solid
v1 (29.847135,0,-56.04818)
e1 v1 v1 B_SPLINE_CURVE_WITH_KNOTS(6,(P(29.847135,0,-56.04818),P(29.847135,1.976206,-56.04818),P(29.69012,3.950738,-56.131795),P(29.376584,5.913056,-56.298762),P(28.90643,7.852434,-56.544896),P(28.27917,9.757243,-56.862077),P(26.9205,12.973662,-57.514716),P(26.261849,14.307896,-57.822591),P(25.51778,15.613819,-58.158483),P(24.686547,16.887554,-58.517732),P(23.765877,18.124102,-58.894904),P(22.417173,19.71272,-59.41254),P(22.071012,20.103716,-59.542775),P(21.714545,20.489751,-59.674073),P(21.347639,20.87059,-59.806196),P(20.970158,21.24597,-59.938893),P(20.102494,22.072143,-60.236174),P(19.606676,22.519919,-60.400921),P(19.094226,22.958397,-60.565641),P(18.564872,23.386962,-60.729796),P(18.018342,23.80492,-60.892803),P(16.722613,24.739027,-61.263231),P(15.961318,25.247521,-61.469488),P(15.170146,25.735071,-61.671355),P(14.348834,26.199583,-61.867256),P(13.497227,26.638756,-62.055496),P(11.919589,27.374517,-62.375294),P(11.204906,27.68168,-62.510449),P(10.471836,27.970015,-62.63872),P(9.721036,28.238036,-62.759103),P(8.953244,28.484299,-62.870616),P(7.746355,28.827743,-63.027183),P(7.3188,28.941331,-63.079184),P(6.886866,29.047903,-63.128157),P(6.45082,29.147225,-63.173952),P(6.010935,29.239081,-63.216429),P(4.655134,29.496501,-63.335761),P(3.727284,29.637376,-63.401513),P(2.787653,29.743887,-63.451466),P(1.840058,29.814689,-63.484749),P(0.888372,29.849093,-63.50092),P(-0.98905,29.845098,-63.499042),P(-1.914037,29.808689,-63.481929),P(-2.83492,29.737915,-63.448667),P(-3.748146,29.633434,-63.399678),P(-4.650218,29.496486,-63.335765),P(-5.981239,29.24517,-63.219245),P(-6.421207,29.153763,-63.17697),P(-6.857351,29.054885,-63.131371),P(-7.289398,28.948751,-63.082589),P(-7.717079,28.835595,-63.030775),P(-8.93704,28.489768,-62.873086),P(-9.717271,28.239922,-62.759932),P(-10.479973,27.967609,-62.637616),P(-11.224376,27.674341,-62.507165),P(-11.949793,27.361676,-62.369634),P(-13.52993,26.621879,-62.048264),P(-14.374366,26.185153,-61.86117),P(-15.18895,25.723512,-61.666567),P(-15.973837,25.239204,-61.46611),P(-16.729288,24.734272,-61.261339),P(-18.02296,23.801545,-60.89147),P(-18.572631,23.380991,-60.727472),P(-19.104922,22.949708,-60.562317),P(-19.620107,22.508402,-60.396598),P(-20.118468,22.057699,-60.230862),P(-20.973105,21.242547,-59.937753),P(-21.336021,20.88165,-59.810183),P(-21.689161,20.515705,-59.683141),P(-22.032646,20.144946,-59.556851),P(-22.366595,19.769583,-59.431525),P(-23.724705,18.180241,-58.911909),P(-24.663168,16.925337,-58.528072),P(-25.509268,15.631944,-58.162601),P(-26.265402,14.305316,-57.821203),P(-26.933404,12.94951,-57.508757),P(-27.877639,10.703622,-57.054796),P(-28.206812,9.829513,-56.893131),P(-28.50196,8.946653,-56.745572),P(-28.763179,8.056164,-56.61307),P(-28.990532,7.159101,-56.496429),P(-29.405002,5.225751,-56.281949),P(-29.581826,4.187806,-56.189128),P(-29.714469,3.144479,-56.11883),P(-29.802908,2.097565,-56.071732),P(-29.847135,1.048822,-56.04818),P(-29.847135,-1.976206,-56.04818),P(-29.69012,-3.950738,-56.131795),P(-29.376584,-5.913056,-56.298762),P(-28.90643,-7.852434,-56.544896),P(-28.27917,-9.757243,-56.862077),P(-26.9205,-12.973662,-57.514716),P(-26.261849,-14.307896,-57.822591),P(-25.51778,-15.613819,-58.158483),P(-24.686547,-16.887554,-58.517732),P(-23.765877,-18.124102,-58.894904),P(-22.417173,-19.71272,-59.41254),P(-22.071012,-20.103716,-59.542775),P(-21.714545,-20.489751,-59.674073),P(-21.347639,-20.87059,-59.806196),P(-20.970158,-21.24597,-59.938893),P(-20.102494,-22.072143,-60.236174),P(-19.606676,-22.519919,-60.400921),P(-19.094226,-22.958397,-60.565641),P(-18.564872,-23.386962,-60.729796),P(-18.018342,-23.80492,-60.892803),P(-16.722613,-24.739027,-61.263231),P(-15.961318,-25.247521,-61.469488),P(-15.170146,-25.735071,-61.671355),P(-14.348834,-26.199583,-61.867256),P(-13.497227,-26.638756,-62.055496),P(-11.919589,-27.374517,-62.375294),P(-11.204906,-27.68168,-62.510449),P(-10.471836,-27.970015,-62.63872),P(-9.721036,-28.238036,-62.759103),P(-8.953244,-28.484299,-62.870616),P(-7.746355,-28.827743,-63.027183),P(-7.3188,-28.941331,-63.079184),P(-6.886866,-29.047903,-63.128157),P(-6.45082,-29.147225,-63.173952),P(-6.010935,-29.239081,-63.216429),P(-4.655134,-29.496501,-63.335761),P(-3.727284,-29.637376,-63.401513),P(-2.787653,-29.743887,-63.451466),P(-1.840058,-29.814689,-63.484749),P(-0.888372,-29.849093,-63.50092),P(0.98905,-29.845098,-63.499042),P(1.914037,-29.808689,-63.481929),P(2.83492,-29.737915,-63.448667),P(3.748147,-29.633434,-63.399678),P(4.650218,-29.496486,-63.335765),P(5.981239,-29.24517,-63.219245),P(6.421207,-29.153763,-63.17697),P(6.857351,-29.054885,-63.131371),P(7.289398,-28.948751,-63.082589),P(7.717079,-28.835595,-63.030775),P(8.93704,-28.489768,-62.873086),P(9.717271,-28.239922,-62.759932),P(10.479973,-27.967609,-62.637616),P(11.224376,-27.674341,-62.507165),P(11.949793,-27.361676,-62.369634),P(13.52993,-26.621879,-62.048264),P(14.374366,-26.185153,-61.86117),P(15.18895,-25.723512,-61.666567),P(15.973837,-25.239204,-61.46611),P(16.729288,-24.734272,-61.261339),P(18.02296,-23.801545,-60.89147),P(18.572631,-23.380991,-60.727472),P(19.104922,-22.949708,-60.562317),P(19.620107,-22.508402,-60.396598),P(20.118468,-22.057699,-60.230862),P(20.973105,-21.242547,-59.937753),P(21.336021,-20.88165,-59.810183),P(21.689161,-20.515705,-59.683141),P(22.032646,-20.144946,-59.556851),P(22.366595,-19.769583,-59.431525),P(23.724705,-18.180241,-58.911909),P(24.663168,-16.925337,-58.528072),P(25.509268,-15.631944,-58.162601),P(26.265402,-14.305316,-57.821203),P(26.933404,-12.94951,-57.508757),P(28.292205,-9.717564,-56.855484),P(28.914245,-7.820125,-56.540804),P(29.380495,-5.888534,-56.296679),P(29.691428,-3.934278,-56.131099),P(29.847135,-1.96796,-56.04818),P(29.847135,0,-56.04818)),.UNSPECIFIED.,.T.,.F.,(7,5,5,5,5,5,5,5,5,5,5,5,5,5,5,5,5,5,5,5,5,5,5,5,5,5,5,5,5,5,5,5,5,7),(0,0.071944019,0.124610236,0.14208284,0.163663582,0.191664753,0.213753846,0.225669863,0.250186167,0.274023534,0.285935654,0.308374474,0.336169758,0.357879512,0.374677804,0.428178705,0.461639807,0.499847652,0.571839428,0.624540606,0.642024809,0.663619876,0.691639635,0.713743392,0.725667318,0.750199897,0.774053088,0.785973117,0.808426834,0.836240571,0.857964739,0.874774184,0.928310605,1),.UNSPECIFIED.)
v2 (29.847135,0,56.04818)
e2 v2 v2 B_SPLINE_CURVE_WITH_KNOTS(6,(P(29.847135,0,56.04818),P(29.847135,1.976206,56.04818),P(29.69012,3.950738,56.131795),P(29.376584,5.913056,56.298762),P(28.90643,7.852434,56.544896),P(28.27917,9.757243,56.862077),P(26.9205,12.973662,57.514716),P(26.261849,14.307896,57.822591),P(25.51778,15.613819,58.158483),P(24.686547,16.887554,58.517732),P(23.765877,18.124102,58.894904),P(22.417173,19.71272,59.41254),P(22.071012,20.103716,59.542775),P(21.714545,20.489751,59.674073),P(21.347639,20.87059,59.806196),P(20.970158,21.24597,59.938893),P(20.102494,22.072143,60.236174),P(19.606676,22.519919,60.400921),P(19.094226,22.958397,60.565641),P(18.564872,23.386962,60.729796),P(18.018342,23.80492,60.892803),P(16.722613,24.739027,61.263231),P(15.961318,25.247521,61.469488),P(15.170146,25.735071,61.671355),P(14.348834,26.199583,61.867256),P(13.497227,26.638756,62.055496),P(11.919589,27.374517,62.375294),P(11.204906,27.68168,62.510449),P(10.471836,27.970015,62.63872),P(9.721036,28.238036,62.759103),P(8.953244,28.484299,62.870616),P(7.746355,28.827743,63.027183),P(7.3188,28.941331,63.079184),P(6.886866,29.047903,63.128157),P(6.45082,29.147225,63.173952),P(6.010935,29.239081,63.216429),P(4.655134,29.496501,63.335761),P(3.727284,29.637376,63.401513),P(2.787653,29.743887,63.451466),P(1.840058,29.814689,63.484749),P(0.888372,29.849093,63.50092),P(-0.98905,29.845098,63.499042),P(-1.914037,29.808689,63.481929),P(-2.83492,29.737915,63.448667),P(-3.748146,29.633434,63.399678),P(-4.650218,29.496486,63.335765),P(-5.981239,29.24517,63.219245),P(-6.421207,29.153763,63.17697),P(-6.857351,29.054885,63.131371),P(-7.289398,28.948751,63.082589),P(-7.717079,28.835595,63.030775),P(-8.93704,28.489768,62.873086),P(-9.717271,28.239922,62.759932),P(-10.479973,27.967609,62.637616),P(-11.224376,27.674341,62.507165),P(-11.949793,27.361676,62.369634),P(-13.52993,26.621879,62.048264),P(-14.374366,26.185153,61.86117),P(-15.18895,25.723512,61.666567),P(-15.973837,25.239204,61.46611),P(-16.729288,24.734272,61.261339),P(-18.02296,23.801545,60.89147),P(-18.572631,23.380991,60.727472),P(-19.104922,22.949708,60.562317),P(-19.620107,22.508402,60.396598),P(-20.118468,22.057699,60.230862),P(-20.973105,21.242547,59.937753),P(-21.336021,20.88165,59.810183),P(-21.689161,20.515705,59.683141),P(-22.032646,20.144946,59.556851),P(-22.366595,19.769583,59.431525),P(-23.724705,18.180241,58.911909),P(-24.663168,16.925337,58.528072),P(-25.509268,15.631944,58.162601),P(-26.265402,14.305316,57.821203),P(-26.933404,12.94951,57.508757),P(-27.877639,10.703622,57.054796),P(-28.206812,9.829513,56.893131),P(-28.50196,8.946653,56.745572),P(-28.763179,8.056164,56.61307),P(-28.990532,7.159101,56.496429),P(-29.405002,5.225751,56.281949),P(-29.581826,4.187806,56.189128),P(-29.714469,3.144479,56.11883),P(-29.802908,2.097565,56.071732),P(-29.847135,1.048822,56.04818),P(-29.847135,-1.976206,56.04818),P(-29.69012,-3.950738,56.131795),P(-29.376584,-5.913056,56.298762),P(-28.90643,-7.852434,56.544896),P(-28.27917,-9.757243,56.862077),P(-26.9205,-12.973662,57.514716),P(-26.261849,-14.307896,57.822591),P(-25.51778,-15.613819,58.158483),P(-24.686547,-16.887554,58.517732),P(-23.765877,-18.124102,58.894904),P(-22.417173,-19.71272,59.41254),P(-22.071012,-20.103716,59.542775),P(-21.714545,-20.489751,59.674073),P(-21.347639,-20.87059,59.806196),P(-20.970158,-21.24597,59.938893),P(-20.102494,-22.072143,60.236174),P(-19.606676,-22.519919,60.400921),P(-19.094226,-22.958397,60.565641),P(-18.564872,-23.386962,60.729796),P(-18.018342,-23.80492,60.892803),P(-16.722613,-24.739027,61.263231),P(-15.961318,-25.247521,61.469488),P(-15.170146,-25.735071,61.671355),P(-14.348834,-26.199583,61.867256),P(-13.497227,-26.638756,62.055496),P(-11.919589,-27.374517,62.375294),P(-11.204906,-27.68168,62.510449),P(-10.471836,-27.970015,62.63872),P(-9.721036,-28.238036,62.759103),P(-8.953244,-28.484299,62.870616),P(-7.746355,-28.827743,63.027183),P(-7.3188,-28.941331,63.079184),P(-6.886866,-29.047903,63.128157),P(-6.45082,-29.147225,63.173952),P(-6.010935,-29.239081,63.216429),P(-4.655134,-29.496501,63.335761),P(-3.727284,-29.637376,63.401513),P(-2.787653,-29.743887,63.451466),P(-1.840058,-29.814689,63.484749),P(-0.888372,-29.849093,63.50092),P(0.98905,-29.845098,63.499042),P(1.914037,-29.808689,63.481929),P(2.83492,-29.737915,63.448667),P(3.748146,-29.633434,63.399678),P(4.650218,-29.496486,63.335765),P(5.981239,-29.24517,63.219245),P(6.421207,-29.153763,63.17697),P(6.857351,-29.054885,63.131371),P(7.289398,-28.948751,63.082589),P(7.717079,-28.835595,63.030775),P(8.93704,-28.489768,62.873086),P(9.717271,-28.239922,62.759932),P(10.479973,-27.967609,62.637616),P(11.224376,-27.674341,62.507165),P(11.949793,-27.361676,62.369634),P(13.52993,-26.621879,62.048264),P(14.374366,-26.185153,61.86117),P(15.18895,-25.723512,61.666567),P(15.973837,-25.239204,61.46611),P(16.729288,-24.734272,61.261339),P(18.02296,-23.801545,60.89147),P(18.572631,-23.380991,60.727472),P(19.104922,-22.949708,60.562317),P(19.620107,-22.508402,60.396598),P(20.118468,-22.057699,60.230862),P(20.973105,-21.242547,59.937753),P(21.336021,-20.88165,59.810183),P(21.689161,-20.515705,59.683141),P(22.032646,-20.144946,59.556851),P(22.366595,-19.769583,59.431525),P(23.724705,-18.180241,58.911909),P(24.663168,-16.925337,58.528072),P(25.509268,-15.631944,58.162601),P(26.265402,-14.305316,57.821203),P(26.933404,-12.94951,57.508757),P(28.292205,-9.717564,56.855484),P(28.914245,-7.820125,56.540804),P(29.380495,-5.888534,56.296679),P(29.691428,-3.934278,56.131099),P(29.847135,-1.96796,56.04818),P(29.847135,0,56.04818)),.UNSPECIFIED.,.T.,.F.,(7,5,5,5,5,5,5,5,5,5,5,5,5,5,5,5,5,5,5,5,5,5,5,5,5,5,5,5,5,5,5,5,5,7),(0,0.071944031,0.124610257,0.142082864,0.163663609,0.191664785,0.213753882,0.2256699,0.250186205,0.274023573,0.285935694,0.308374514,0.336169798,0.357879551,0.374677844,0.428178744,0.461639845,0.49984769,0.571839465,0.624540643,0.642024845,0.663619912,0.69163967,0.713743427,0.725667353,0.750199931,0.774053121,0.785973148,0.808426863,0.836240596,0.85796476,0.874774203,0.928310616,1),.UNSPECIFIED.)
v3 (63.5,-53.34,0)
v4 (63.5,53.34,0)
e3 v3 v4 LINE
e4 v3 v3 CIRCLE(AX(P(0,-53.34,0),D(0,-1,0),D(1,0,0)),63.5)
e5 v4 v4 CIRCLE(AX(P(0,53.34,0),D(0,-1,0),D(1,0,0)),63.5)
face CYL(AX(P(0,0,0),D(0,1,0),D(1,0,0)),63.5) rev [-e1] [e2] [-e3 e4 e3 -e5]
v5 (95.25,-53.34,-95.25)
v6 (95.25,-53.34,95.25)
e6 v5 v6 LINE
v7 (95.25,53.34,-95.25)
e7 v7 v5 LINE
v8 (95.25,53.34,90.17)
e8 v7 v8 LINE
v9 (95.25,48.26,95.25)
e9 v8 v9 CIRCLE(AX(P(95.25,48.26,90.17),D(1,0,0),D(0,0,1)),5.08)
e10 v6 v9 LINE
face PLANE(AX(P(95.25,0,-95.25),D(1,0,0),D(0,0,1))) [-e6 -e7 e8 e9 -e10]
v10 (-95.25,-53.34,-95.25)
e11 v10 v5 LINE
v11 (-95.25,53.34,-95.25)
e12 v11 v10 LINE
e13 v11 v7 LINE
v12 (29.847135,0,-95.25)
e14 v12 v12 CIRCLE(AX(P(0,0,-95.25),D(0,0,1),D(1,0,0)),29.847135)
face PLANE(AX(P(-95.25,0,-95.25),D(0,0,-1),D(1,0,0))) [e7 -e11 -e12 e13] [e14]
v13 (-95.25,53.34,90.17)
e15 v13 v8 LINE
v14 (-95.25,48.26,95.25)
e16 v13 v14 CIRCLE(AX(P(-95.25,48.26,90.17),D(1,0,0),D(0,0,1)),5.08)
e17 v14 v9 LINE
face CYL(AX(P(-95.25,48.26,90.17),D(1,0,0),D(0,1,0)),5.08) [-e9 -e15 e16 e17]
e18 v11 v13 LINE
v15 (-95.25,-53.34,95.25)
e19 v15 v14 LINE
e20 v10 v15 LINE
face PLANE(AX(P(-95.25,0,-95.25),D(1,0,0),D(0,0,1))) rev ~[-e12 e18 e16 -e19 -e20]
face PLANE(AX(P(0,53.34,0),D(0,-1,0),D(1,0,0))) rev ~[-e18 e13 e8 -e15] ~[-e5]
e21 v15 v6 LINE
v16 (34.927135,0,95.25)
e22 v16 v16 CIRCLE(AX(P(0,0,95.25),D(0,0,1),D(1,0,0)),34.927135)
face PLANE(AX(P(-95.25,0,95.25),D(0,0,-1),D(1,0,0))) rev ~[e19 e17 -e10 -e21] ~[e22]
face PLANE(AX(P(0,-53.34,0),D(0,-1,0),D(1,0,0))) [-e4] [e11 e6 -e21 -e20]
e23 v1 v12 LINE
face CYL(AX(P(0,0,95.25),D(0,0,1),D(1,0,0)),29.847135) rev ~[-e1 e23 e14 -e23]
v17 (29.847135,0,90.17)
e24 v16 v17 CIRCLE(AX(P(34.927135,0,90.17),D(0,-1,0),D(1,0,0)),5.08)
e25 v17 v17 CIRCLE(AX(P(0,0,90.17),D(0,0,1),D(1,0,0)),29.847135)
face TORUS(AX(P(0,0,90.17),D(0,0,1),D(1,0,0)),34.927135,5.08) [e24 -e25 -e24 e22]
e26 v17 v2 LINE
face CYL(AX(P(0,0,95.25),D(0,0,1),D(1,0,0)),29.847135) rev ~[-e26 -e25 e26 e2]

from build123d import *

# Parameters (mm, degrees)
F0_W     = 190.5
F0_H     = 190.5
F0_R     = 63.5
F1_DEPTH = 53.34
F2_R     = 29.847135
F3_DEPTH = 190.501
F4_R     = 5.08


with BuildPart() as f1:
    # F0 (on Front) → F1 (new body, symmetric)
    with BuildSketch(Plane.XZ):
        Rectangle(F0_W, F0_H)
        Circle(F0_R, mode=Mode.SUBTRACT)
    extrude(amount=F1_DEPTH, both=True)

    # F2 (on face) → F3 (cut, through all)
    with BuildSketch(Plane.XY.offset(95.25)):
        Circle(F2_R)
    extrude(amount=-F3_DEPTH, mode=Mode.SUBTRACT)

    # F4
    f4_edges = [f1.edges().sort_by_distance(p)[0] for p in [
        (-29.847135, 0, 95.25),
        (0, 53.34, 95.25),
    ]]
    fillet(f4_edges, radius=F4_R)


solid = f1.part
